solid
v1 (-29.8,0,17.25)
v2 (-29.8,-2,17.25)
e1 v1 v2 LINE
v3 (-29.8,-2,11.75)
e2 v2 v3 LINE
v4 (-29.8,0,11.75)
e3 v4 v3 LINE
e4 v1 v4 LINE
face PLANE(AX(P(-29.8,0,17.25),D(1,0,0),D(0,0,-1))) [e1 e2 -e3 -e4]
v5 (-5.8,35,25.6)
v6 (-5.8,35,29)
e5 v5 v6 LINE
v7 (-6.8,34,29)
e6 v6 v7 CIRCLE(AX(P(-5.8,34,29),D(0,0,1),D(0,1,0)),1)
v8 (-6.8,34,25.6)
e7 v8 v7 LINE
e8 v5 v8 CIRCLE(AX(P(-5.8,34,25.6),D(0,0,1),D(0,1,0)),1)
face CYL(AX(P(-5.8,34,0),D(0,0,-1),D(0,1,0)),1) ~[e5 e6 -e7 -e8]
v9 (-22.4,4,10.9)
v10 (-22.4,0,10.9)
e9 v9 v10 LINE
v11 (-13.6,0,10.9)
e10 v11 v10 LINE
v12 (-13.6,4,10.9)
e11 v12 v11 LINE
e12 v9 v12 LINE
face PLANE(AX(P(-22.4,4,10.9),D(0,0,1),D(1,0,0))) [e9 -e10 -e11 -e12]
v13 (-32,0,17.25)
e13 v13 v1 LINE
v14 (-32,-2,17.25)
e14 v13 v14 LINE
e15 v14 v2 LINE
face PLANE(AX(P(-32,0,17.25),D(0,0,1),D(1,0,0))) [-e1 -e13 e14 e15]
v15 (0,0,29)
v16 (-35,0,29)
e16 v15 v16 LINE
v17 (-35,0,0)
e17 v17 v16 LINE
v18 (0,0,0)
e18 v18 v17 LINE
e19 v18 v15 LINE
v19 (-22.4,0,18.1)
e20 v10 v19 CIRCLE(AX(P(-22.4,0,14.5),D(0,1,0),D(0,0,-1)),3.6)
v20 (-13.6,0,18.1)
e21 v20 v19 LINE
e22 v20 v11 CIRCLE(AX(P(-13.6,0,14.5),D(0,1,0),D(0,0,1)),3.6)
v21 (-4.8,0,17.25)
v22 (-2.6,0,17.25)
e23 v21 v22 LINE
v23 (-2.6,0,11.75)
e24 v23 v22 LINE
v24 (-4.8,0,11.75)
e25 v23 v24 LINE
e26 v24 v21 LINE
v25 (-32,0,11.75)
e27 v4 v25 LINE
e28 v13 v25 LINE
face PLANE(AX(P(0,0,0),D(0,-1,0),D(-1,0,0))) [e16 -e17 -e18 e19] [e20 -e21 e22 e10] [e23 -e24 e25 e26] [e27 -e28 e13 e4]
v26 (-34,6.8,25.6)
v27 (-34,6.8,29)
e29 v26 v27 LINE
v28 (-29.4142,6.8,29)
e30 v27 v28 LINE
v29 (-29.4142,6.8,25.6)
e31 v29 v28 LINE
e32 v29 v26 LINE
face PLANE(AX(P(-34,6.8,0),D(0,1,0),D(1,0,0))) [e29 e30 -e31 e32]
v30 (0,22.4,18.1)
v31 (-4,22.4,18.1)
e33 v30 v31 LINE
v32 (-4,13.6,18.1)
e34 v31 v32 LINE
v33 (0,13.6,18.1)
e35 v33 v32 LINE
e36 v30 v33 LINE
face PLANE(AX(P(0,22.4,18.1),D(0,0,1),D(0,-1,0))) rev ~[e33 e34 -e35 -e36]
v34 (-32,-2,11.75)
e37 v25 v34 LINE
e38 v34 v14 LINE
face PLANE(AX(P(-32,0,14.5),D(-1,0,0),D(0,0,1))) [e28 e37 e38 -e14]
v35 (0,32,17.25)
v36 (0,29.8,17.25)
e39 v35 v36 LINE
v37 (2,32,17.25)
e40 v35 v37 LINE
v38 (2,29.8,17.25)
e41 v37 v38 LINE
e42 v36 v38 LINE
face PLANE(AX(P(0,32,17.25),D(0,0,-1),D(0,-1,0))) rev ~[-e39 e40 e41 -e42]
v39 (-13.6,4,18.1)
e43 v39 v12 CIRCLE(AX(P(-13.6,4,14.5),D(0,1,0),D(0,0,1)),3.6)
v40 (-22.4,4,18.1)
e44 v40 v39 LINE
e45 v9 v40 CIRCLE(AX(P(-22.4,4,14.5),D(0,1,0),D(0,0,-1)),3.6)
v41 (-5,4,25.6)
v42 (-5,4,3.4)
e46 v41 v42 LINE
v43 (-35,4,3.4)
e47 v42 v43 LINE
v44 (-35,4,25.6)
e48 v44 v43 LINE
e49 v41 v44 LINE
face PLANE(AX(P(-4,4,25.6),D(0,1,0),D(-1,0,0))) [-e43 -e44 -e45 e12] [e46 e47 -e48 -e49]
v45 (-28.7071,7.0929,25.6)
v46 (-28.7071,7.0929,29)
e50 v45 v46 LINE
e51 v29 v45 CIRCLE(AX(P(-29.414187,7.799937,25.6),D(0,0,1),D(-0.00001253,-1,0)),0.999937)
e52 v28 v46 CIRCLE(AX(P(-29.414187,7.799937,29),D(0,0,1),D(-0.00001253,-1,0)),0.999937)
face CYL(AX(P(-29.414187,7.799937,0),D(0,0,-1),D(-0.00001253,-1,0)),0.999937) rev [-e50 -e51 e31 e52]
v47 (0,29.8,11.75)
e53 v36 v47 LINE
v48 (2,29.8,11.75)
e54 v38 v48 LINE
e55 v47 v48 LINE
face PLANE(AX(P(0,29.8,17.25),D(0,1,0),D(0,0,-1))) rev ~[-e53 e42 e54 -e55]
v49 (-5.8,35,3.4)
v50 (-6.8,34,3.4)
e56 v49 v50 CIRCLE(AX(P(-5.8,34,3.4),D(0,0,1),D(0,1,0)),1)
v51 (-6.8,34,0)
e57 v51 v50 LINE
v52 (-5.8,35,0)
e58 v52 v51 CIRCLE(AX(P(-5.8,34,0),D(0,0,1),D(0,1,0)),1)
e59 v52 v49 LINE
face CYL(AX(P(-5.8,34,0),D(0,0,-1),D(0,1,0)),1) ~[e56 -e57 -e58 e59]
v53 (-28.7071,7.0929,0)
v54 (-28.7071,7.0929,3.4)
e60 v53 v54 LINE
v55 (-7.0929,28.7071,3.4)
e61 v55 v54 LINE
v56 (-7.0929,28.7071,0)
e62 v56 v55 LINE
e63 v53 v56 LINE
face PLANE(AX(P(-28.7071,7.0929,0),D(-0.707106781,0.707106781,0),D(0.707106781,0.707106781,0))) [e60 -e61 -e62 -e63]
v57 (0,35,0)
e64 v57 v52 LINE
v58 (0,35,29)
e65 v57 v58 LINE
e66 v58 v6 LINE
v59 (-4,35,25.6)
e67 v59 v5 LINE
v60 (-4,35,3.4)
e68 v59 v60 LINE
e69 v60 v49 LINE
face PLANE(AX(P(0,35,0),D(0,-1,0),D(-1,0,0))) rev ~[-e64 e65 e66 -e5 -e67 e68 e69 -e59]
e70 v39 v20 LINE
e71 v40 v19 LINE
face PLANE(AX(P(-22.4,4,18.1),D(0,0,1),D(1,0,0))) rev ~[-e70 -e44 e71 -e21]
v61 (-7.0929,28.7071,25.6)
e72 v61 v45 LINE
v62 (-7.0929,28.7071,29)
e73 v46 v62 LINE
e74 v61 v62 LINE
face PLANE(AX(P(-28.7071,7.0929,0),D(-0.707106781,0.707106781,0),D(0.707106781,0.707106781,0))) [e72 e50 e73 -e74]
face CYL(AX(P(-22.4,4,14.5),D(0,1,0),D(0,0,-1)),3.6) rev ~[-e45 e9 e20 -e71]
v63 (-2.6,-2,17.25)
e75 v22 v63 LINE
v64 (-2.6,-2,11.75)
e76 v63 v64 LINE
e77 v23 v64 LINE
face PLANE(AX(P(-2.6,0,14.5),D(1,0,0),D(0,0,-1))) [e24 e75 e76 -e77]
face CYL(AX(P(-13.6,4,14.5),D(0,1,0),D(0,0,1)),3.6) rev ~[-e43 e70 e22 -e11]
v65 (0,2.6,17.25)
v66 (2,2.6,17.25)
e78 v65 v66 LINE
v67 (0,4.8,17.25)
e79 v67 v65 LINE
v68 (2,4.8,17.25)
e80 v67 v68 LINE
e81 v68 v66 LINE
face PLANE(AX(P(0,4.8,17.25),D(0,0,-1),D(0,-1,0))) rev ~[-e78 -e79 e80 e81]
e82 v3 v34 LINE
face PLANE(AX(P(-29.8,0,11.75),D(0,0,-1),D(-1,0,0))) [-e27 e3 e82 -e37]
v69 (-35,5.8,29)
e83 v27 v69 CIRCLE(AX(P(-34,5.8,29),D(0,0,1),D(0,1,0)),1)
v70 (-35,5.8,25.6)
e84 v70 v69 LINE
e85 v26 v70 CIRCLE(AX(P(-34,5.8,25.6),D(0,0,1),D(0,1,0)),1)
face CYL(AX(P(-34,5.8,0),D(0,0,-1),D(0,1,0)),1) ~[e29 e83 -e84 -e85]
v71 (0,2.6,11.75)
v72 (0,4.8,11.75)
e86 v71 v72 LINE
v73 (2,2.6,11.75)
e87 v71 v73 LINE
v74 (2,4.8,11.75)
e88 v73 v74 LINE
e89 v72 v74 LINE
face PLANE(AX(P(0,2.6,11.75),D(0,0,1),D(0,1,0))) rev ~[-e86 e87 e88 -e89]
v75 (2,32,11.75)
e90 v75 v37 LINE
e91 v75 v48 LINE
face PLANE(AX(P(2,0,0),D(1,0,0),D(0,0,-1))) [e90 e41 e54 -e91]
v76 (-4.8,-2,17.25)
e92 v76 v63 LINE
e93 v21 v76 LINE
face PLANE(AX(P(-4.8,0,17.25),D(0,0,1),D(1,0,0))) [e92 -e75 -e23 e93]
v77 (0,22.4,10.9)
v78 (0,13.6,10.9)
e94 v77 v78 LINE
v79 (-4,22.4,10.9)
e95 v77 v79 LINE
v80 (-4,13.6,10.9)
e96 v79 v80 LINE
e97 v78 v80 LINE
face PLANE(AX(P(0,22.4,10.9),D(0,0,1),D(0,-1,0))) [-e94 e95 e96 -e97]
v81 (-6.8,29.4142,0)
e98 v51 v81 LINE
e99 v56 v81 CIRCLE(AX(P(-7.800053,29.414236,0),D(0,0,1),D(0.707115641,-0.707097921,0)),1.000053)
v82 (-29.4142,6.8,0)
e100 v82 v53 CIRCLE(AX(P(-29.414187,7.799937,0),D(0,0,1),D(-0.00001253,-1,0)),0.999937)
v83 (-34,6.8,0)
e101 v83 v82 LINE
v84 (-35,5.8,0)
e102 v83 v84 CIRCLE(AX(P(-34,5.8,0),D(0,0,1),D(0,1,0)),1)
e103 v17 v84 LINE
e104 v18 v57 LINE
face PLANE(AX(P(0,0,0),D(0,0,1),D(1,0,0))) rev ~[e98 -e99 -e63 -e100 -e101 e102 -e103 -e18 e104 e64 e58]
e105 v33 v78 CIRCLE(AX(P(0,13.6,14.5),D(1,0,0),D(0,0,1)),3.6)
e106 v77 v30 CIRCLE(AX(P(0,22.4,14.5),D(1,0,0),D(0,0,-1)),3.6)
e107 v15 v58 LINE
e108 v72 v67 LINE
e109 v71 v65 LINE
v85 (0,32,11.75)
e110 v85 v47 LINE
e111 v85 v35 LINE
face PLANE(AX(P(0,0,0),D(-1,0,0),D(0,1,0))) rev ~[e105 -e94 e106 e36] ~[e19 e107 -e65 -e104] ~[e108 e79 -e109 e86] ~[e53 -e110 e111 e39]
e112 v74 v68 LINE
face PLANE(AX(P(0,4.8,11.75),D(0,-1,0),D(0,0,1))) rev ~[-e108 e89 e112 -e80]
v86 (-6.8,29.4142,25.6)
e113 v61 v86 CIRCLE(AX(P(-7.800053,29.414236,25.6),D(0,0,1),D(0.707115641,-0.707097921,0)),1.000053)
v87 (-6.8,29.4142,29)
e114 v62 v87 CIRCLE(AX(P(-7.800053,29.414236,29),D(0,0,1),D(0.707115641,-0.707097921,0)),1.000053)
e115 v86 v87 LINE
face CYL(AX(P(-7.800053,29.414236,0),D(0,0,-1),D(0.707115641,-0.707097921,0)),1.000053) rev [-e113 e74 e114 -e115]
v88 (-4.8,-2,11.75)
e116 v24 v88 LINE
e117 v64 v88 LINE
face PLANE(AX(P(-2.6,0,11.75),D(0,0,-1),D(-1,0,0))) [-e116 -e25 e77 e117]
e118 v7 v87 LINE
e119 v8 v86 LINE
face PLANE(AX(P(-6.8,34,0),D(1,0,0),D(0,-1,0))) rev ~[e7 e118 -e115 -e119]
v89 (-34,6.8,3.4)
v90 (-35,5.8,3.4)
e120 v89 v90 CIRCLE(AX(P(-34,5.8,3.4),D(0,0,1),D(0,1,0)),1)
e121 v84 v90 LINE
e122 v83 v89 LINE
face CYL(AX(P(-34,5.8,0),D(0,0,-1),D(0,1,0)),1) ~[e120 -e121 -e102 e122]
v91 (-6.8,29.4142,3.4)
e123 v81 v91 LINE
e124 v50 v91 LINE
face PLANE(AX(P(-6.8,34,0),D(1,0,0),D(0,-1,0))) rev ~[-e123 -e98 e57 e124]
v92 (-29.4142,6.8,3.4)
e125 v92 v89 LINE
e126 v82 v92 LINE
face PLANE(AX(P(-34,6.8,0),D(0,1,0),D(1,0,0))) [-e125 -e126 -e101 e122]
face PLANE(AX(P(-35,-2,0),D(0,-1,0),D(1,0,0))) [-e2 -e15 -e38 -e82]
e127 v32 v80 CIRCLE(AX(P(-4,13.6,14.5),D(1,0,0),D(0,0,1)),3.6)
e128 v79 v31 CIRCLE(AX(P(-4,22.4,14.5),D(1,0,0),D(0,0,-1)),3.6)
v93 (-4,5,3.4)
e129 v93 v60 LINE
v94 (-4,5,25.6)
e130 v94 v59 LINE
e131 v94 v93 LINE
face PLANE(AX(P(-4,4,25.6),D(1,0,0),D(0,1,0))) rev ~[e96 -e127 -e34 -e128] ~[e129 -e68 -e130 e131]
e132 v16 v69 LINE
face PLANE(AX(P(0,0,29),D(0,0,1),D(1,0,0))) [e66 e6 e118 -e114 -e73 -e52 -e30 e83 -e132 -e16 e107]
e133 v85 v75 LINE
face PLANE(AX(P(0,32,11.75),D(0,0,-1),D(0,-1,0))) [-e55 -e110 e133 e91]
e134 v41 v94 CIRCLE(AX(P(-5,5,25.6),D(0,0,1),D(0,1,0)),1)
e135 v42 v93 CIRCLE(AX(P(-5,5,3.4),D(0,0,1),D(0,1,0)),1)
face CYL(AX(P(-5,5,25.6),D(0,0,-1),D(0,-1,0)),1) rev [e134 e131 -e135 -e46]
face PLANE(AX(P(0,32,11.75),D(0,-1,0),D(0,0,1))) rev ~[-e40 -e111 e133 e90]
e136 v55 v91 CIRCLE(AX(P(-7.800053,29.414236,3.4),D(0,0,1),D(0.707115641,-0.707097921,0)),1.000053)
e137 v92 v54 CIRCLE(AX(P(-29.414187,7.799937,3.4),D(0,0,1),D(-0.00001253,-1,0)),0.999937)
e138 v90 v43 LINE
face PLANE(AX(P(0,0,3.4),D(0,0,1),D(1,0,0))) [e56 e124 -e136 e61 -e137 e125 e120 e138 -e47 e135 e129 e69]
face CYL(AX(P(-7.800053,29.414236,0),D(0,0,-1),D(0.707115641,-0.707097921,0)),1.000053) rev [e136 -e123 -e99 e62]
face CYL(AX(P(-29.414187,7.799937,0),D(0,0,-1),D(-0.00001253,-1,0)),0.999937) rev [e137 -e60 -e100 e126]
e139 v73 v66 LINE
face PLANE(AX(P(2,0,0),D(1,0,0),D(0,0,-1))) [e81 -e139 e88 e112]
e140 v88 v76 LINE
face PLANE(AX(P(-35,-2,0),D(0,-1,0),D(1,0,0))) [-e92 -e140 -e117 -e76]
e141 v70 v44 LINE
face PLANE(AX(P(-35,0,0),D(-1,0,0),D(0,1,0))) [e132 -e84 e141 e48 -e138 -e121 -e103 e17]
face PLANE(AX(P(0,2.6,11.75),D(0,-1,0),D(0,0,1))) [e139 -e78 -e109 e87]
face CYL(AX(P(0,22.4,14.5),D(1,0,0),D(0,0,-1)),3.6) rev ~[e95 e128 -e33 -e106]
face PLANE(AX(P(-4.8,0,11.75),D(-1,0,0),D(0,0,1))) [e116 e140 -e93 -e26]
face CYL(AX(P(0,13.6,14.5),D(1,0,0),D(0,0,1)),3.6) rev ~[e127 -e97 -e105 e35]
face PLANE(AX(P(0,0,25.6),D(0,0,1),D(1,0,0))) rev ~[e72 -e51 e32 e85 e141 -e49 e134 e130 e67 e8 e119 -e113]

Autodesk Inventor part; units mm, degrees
ref_plane "YZ Plane" through (0, 0, 0) normal (1, 0, 0) x (0, 1, 0)
ref_plane "XZ Plane" through (0, 0, 0) normal (0, 1, 0) x (-1, 0, 0)
ref_plane "XY Plane" through (0, 0, 0) normal (0, 0, 1) x (1, 0, 0)
sketch "Sketch1" plane through (0, 0, 0) normal (0, 0, 1) x (1, 0, 0)
  line L0 (0, 0) -> (0, 35)
  line L1 (0, 35) -> (-5.8, 35)
  line L2 (-6.8, 34) -> (-6.8, 29.4142)
  line L3 (0, 0) -> (-35, 0)
  line L4 (0, 0) -> (35, 0) construction
  line L5 (-35, 0) -> (-35, 5.8)
  line L6 (-34, 6.8) -> (-29.4142, 6.8)
  line L7 (-28.7071, 7.0929) -> (-7.0929, 28.7071)
  arc A0 (-5.8, 35) -> (-6.8, 34) centre (-5.8, 34) ccw
  arc A1 (-7.0929, 28.7071) -> (-6.8, 29.4142) centre (-7.8, 29.4142) ccw
  arc A2 (-29.4142, 6.8) -> (-28.7071, 7.0929) centre (-29.4142, 7.8) ccw
  arc A3 (-34, 6.8) -> (-35, 5.8) centre (-34, 5.8) ccw
  point P0 (-6.8, 35)
  point P1 (-6.8, 29)
  point P2 (-35, 6.8)
  point P3 (-29, 6.8)
  dimension "d0" = 35
  dimension "d1" = 6.8
  dimension "d2" = 90
  dimension "d3" = 6
  dimension "d4" = 35
  dimension "d5" = 180
  dimension "d6" = 6.8
  dimension "d7" = 6
  dimension "d8" = 90
  dimension "d9" = 1
extrude "Extrusion1" add sketch "Sketch1" along normal blind 29
ref_plane "Work Plane1" through (0, 0, 25.6) normal (0, 0, 1) x (1, 0, 0)
sketch "Sketch2" plane through (0, 0, 25.6) normal (0, 0, 1) x (1, 0, 0)
  line L0 (0, 0) -> (0, 35)
  line L1 (0, 35) -> (-5.8, 35)
  arc A0 (-5.8, 35) -> (-6.8, 34) centre (-5.8, 34) ccw
  line L2 (-6.8, 34) -> (-6.8, 29.4142)
  arc A1 (-7.0929, 28.7071) -> (-6.8, 29.4142) centre (-7.8, 29.4142) ccw
  line L3 (-7.0929, 28.7071) -> (-28.7071, 7.0929)
  arc A2 (-29.4142, 6.8) -> (-28.7071, 7.0929) centre (-29.4142, 7.8) ccw
  line L4 (-29.4142, 6.8) -> (-34, 6.8)
  arc A3 (-34, 6.8) -> (-35, 5.8) centre (-34, 5.8) ccw
  line L5 (-35, 5.8) -> (-35, 0)
  line L6 (-35, 0) -> (0, 0)
  line L7 (0, 0) -> (-4, 0)
  line L8 (-35, 0) -> (0, 0)
  line L9 (-4, 0) -> (-4, 35)
  line L10 (-4, 0) -> (-4, 4)
  line L11 (-4, 4) -> (-35, 4)
  line L12 (-35, 5.8) -> (-35, 0)
  line L13 (-4, 4) -> (-36.3789, 4)
  line L14 (-36.3789, 4) -> (-36.3789, 37.1754)
  line L15 (-36.3789, 37.1754) -> (-4, 37.1754)
  line L16 (-4, 37.1754) -> (-4, 4)
  dimension "d13" = 4
extrude "Extrusion2" cut sketch "Sketch2" against normal blind 22.2 contours L9 L11 L5 A3 L4 A2 L3 A1 L2 A0 L1
sketch "Sketch3" plane through (-35, 4, 25.6) normal (0, 1, 0) x (1, 0, 0)
  line L0 (0, 0) -> (0, 22.2) projected
  line L1 (0, 11.1) -> (9, 11.1)
  line L2 (9, 11.1) -> (12.6, 11.1)
  arc A0 (12.6, 14.7) -> (12.6, 7.5) centre (12.6, 11.1) ccw
  line L3 (17.8, 11.1) -> (25, 11.1)
  line L4 (25, 11.1) -> (21.4, 11.1)
  arc A1 (21.4, 7.5) -> (21.4, 14.7) centre (21.4, 11.1) ccw
  line L5 (12.6, 14.7) -> (21.4, 14.7)
  line L6 (12.6, 7.5) -> (21.4, 7.5)
  point P0 (35, 25.6)
  dimension "d16" = 9
  dimension "d17" = 3.6
  dimension "d18" = 16
  dimension "d19" = 3.6
extrude "Extrusion3" cut sketch "Sketch3" against normal blind 22.2
fillet "Fillet1" radius 1 1 edges at (-4, 4, 14.5)
sketch "Sketch4" plane through (0, 0, 0) normal (0, 0, -1) x (-1, 0, 0)
  line L0 (5, 4) -> (35, 4) projected
  line L1 (4, 35) -> (4, 5) projected
  line L2 (0, 0) -> (0, 2)
  line L3 (0, 0) -> (0, 35) projected
  line L4 (0, 2) -> (0, 0)
  line L5 (0, 2) -> (2, 2)
  dimension "d23" = 2
  dimension "d24" = 2
  dimension "d25" = 2
pattern_circular "Circular Pattern1" count 2 over 270 about axis through (-2, 2, 0) along (0, 0, 1) of "Extrusion3"
sketch "Sketch5" plane through (-35, 0, 0) normal (0, -1, 0) x (1, 0, 0)
  line L0 (0, 25.6) -> (0, 3.4) projected
  line L1 (0, 14.5) -> (3, 14.5)
  line L2 (0, 14.5) -> (3, 14.5) construction
  line L3 (3, 14.5) -> (3, 11.75)
  line L4 (3, 11.75) -> (3, 17.25)
  line L5 (3, 17.25) -> (5.2, 17.25)
  line L6 (5.2, 17.25) -> (5.2, 11.75)
  line L7 (5.2, 11.75) -> (3, 11.75)
  line L8 (35, 0) -> (35, 29) projected
  line L9 (35, 14.5) -> (32.4, 14.5)
  line L10 (32.4, 14.5) -> (32.4, 11.75)
  line L11 (32.4, 11.75) -> (30.2, 11.75)
  line L12 (30.2, 11.75) -> (30.2, 17.25)
  line L13 (30.2, 17.25) -> (32.4, 17.25)
  line L14 (32.4, 17.25) -> (32.4, 11.75)
  dimension "d29" = 3
  dimension "d30" = 0
  dimension "d31" = 2.75
  dimension "d32" = 5.5
  dimension "d33" = 2.2
  dimension "d34" = 2.6
  dimension "d35" = 2.75
  dimension "d36" = 2.2
  dimension "d37" = 5.5
extrude "Extrusion4" add sketch "Sketch5" along normal blind 2
sketch "Sketch7" plane through (-35, -2, 0) normal (0, -1, 0) x (1, 0, 0)
  point P0 (35, 0)
sketch "Sketch9" plane through (0, 0, 0) normal (1, 0, 0) x (0, 0, -1)
  line L0 (-10.9, 22.4) -> (-10.9, 13.6) projected
  arc A0 (-18.1, 13.6) -> (-10.9, 13.6) centre (-14.5, 13.6) ccw projected
  line L1 (-18.1, 13.6) -> (-18.1, 22.4) projected
  arc A1 (-10.9, 22.4) -> (-18.1, 22.4) centre (-14.5, 22.4) ccw projected
  line L2 (0, 0) -> (0, 35) projected
  line L3 (0, 35) -> (-29, 35) projected
  line L4 (-29, 0) -> (-29, 35) projected
  line L5 (0, 0) -> (-29, 0) projected
  line L6 (-11.75, 32) -> (-11.75, 29.8) projected
  line L7 (-11.75, 32) -> (-17.25, 32)
  line L8 (-17.25, 32) -> (-17.25, 29.8)
  line L9 (-17.25, 29.8) -> (-11.75, 29.8)
  line L10 (-11.75, 29.8) -> (-11.75, 32)
  line L11 (-11.75, 2.6) -> (-17.25, 2.6) projected
  line L12 (-11.75, 4.8) -> (-17.25, 4.8)
  line L13 (-17.25, 4.8) -> (-17.25, 2.6)
  line L14 (-17.25, 2.6) -> (-11.75, 2.6)
  line L15 (-11.75, 2.6) -> (-11.75, 4.8)
extrude "Extrusion5" add sketch "Sketch9" along normal blind 2 contours L6 L9 L8 L7 | L11 L13 L12 L15
properties part number "30mm Bracket"
